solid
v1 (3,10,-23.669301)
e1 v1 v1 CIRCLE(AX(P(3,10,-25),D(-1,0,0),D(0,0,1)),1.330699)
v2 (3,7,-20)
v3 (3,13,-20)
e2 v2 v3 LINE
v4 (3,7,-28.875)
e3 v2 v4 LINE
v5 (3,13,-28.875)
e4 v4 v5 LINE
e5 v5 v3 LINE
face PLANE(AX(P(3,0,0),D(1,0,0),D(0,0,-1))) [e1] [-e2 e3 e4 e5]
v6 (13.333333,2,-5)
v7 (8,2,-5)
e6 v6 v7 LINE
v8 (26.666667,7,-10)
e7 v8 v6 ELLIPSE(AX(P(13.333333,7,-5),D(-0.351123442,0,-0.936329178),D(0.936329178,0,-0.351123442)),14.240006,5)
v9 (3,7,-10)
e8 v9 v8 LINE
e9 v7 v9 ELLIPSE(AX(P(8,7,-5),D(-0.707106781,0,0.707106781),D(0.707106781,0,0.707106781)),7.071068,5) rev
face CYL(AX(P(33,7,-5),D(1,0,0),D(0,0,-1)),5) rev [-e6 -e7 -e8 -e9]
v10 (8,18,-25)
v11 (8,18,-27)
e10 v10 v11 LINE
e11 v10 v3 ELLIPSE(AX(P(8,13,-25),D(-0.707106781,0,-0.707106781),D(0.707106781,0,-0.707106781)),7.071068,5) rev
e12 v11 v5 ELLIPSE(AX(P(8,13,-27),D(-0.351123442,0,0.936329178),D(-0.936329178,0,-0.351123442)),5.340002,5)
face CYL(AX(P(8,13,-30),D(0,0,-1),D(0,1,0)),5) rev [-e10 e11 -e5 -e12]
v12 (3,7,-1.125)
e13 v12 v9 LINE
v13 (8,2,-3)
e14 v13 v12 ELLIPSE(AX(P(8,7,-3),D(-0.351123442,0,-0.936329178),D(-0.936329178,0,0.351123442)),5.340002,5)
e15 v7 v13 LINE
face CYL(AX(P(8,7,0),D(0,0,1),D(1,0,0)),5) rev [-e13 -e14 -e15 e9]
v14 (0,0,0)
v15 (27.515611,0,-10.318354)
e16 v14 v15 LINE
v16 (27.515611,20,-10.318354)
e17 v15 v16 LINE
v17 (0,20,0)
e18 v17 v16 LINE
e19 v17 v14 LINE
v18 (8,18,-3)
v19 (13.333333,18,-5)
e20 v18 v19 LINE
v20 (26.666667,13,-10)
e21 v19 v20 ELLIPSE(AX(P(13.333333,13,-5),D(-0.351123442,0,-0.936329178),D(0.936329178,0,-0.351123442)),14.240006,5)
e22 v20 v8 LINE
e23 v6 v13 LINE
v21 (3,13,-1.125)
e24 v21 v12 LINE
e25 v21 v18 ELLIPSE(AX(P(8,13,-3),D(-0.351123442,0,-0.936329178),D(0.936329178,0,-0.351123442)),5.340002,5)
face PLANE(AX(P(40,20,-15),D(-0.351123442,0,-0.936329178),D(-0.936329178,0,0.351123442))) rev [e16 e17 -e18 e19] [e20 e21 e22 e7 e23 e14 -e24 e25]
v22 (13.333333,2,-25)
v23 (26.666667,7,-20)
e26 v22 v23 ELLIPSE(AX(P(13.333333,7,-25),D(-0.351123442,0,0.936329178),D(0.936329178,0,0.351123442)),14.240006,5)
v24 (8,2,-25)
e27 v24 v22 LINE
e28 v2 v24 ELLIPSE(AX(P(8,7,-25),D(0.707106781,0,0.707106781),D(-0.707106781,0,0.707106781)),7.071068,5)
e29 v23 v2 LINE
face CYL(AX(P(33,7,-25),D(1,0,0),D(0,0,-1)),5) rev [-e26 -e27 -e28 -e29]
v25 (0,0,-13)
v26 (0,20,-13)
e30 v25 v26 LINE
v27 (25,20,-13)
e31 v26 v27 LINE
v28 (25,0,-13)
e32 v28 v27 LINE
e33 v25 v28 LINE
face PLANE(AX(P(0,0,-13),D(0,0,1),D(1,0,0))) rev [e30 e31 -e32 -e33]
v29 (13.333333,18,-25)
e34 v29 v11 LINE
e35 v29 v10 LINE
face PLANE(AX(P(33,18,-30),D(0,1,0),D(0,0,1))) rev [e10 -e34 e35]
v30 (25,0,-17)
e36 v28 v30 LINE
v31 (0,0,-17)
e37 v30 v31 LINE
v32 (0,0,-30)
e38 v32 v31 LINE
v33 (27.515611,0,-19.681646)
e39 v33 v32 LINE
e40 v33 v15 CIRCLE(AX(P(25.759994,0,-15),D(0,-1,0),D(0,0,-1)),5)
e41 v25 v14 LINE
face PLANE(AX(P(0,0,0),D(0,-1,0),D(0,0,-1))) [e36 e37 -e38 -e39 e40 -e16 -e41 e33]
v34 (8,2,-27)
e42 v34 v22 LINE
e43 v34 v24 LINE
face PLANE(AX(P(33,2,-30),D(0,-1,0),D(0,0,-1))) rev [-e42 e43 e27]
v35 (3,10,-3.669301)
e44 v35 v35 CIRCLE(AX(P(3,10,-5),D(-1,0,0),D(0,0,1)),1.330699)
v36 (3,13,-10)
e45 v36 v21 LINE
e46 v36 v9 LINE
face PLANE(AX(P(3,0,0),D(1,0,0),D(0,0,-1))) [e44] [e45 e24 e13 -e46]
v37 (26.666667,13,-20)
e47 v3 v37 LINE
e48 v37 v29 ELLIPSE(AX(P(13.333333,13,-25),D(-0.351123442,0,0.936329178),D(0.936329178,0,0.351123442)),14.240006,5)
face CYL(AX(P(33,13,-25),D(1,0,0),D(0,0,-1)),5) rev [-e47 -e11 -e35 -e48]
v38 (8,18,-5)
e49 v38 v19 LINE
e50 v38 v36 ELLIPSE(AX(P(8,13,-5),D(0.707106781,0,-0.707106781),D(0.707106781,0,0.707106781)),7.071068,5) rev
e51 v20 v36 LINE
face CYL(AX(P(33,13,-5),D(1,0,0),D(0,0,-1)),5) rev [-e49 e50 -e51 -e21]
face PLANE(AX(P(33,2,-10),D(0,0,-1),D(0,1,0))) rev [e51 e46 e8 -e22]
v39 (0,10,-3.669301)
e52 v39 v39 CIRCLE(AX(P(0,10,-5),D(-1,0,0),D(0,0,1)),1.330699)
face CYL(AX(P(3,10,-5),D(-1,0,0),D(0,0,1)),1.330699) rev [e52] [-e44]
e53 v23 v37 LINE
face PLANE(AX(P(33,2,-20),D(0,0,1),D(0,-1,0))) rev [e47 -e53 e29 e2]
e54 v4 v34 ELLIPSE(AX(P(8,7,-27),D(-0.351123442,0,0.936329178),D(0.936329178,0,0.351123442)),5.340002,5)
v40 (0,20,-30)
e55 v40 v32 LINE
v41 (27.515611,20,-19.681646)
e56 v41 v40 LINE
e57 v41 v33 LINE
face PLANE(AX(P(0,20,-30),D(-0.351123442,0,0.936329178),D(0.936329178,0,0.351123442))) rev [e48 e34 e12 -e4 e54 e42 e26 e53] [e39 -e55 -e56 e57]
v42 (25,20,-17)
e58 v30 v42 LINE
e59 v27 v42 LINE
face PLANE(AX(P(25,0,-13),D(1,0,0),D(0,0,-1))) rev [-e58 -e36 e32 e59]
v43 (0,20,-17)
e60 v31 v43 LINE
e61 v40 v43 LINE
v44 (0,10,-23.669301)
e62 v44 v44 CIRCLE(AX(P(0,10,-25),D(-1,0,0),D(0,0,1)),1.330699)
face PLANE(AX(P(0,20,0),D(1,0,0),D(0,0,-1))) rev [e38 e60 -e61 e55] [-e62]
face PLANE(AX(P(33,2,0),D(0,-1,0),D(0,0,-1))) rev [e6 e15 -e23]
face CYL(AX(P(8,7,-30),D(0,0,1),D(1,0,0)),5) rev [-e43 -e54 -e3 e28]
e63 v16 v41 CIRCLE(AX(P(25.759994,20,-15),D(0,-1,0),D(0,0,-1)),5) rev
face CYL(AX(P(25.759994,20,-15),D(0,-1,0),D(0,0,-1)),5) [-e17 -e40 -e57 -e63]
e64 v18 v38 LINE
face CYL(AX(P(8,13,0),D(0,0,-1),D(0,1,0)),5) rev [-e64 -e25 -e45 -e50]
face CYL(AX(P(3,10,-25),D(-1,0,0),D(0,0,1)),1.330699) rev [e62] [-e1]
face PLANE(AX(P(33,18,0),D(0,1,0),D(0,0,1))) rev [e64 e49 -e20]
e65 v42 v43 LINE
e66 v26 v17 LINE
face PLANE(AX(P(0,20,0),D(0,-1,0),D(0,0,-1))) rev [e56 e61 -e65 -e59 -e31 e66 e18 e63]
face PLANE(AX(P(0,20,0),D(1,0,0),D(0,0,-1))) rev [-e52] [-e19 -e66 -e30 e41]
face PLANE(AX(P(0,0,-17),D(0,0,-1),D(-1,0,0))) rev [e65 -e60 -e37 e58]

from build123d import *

# Parameters (mm, degrees)
EXTRUDE_1_DEPTH     = 20
SKETCH_2_W          = 25
SKETCH_2_H          = 4
CUT_EXTRUDE_1_DEPTH = 20
CUT_EXTRUDE_START   = -3
SKETCH_3_W          = 10
SKETCH_3_H          = 16
CUT_EXTRUDE_2_DEPTH = 30
SKETCH_4_R          = 1.330699037
CUT_EXTRUDE_3_DEPTH = 3
FILLET_2_R          = 5
FILLET_3_R          = 5


with BuildPart() as part:
    # Эскиз1 → Бобышка-Вытянуть1 (new body)
    with BuildSketch(Plane(origin=(0, 0, 0), x_dir=(1, 0, 0), z_dir=(0, 1, 0))):
        Polygon((0, 0), (0, 30), (40, 15), align=None)
    extrude(amount=EXTRUDE_1_DEPTH)

    # Эскиз2 → Вырез-Вытянуть1 (cut)
    with BuildSketch(Plane(origin=(0, 20, 0), x_dir=(1, 0, 0), z_dir=(0, 1, 0))):
        with Locations((12.5, 15)):
            Rectangle(SKETCH_2_W, SKETCH_2_H)
    extrude(amount=-CUT_EXTRUDE_1_DEPTH, mode=Mode.SUBTRACT)

    # Эскиз3 → Вырез-Вытянуть2 (cut)
    with BuildSketch(Plane.ZY.offset(CUT_EXTRUDE_START)):
        with Locations((-25, 10)):
            Rectangle(SKETCH_3_W, SKETCH_3_H)
        with Locations((-5, 10)):
            Rectangle(SKETCH_3_W, SKETCH_3_H)
    extrude(amount=-CUT_EXTRUDE_2_DEPTH, mode=Mode.SUBTRACT)

    # Эскиз4 → Вырез-Вытянуть3 (cut)
    with BuildSketch(Plane.ZY):
        with Locations((-25, 10)):
            Circle(SKETCH_4_R)
        with Locations((-5, 10)):
            Circle(SKETCH_4_R)
    extrude(amount=-CUT_EXTRUDE_3_DEPTH, mode=Mode.SUBTRACT)

    # Скругление2
    fillet_2_edges = [part.edges().sort_by_distance(p)[0] for p in [
        (40, 10, -15),
    ]]
    fillet(fillet_2_edges, radius=FILLET_2_R)

    # Скругление3
    fillet_3_edges = [part.edges().sort_by_distance(p)[0] for p in [
        (14.833333333, 18, -20),
        (14.833333333, 2, -20),
        (3, 2, -24.4375),
        (3, 18, -24.4375),
        (14.833333333, 2, -10),
        (14.833333333, 18, -10),
        (3, 18, -5.5625),
        (3, 2, -5.5625),
    ]]
    fillet(fillet_3_edges, radius=FILLET_3_R)


solid = part.part
